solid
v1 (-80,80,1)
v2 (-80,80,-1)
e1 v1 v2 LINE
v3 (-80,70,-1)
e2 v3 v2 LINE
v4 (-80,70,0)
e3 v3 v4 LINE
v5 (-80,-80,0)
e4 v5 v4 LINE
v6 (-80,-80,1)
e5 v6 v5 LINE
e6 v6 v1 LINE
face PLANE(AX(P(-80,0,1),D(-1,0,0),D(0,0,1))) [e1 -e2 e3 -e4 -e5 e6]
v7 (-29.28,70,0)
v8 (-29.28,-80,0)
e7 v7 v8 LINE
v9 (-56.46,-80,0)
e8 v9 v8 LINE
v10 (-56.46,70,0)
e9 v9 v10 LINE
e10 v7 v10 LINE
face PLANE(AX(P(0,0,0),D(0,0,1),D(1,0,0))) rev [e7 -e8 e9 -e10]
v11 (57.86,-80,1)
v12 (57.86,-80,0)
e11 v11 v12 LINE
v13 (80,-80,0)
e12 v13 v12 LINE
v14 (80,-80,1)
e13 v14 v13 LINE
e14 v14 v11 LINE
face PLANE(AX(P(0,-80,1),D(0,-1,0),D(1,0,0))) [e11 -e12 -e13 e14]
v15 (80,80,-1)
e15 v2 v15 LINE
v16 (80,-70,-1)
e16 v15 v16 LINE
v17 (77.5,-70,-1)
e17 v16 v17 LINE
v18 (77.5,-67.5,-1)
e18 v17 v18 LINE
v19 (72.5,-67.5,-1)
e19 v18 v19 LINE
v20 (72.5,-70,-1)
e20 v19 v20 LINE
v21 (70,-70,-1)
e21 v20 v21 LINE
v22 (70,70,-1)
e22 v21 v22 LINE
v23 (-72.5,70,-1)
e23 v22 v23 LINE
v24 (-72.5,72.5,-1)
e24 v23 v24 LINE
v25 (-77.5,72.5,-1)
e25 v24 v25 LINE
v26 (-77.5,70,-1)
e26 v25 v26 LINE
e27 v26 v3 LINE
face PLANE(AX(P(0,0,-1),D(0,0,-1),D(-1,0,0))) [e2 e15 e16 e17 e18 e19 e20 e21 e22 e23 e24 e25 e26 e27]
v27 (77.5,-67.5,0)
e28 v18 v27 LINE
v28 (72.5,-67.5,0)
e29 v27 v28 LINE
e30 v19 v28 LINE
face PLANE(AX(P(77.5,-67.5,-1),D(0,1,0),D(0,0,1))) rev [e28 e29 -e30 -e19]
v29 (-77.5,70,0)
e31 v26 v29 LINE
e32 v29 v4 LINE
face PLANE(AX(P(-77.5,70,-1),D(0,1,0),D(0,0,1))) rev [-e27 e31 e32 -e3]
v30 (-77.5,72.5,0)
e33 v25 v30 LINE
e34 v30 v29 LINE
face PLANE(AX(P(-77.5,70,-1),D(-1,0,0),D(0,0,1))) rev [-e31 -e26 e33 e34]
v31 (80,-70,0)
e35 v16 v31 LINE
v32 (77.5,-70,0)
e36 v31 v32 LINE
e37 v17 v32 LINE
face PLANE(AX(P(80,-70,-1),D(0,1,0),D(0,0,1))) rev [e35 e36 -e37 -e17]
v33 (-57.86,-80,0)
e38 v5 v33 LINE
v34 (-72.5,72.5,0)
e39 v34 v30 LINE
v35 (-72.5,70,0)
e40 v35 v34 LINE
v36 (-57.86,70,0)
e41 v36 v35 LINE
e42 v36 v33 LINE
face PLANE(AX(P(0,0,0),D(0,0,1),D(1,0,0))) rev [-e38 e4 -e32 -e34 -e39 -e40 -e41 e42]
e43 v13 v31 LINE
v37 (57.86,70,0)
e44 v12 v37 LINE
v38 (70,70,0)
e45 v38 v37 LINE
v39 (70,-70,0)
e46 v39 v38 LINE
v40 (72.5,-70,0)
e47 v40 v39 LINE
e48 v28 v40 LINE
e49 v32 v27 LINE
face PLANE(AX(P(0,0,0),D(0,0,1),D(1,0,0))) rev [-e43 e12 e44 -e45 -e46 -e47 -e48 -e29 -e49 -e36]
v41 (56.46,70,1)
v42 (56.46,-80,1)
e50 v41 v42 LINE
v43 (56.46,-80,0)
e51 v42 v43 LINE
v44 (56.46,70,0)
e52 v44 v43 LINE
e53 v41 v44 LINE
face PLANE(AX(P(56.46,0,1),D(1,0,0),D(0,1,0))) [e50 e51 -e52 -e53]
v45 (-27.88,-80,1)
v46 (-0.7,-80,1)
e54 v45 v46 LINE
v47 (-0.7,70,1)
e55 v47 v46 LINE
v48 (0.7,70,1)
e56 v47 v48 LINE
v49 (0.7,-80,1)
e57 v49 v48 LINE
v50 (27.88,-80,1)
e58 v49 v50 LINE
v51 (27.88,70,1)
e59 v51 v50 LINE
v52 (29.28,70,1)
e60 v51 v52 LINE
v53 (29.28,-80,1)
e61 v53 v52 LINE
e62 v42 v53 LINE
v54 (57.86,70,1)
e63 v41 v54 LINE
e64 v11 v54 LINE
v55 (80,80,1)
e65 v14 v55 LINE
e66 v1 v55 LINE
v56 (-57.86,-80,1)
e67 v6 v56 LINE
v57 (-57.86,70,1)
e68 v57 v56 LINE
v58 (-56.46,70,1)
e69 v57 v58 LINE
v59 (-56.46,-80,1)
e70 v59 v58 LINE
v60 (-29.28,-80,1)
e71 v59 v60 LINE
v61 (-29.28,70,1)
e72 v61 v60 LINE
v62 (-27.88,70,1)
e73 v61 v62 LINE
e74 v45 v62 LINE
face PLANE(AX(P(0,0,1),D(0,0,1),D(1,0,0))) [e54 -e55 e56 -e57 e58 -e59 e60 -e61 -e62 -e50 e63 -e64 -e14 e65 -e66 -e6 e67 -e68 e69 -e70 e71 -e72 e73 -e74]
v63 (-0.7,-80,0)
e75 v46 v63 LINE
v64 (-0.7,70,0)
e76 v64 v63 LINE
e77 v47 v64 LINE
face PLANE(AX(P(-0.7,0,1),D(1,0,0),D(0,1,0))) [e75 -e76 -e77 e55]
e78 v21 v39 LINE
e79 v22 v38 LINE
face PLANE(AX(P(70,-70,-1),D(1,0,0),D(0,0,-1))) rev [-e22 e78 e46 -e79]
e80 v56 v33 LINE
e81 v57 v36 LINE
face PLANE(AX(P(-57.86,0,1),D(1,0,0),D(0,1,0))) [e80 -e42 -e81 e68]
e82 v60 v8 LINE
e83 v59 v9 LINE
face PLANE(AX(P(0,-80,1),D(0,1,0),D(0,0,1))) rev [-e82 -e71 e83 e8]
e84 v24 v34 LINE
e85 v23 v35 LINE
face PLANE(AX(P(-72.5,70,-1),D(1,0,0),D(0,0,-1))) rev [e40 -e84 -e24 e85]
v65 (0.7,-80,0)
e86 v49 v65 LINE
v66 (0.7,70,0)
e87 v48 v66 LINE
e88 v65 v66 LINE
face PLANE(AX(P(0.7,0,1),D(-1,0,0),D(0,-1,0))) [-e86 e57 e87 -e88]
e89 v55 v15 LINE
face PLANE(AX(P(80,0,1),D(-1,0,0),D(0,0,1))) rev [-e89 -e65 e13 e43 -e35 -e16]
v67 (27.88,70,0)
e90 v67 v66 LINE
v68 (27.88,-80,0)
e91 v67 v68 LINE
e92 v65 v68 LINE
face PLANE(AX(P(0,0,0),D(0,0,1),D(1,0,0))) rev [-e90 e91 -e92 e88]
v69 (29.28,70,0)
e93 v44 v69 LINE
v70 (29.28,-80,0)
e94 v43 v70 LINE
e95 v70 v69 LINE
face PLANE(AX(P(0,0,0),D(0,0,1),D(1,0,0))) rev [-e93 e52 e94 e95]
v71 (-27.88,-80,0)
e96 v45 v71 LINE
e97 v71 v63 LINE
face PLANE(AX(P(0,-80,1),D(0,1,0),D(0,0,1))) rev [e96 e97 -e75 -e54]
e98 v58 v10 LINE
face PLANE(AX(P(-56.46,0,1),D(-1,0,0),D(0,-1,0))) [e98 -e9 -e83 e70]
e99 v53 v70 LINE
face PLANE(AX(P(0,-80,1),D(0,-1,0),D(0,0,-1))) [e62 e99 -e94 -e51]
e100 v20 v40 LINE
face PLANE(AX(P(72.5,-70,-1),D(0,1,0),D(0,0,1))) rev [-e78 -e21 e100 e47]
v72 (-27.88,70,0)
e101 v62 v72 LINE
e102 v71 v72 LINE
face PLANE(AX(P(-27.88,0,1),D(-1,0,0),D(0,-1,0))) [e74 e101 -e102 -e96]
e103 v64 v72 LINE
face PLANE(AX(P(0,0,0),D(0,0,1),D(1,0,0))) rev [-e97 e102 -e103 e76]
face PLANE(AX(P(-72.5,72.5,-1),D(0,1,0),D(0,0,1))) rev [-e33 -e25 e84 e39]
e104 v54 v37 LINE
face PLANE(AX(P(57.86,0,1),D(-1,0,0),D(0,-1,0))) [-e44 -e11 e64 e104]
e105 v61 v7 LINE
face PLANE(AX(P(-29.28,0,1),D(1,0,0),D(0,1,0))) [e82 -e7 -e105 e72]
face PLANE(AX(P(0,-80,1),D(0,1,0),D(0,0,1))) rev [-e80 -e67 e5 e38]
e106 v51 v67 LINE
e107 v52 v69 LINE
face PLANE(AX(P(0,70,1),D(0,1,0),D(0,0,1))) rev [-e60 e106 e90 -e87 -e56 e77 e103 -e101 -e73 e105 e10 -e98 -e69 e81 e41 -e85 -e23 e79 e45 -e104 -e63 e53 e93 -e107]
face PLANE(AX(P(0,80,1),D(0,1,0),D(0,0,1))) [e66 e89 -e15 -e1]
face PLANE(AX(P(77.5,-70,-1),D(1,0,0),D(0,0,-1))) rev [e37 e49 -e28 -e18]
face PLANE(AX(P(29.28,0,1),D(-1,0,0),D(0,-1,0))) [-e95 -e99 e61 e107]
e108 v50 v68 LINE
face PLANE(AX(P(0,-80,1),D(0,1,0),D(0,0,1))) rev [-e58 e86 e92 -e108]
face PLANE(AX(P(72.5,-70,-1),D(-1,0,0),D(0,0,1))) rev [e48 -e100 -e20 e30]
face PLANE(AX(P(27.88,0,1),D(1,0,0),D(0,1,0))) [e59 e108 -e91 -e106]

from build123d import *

# Parameters (mm, degrees)
EXTRUDE_2_DEPTH = 1
EXTRUDE_3_DEPTH = 1


with BuildPart() as part:
    # 草图1 → 凸台-拉伸2 (new body)
    with BuildSketch(Plane.XY):
        Polygon((-57.86, -80), (-57.86, 70), (-56.46, 70), (-56.46, -80), (-34.28, -80), (-29.28, -80), (-29.28, 70), (-27.88, 70), (-27.88, -80), (-5.7, -80), (-0.7, -80), (-0.7, 70), (0.7, 70), (0.7, -80), (22.88, -80), (27.88, -80), (27.88, 70), (29.28, 70), (29.28, -80), (51.46, -80), (56.46, -80), (56.46, 70), (57.86, 70), (57.86, -80), (80, -80), (80, 80), (-80, 80), (-80, -80), (-62.86, -80), align=None)
    extrude(amount=EXTRUDE_2_DEPTH)

    # 草图2 → 凸台-拉伸3 (add)
    with BuildSketch(Plane(origin=(0, 0, 0), x_dir=(-1, 0, 0), z_dir=(0, 0, -1))):
        Polygon((-80, -70), (-77.5, -70), (-77.5, -67.5), (-72.5, -67.5), (-72.5, -70), (-70, -70), (-70, 70), (72.5, 70), (72.5, 72.5), (77.5, 72.5), (77.5, 70), (80, 70), (80, 80), (-80, 80), align=None)
    extrude(amount=EXTRUDE_3_DEPTH)


solid = part.part
